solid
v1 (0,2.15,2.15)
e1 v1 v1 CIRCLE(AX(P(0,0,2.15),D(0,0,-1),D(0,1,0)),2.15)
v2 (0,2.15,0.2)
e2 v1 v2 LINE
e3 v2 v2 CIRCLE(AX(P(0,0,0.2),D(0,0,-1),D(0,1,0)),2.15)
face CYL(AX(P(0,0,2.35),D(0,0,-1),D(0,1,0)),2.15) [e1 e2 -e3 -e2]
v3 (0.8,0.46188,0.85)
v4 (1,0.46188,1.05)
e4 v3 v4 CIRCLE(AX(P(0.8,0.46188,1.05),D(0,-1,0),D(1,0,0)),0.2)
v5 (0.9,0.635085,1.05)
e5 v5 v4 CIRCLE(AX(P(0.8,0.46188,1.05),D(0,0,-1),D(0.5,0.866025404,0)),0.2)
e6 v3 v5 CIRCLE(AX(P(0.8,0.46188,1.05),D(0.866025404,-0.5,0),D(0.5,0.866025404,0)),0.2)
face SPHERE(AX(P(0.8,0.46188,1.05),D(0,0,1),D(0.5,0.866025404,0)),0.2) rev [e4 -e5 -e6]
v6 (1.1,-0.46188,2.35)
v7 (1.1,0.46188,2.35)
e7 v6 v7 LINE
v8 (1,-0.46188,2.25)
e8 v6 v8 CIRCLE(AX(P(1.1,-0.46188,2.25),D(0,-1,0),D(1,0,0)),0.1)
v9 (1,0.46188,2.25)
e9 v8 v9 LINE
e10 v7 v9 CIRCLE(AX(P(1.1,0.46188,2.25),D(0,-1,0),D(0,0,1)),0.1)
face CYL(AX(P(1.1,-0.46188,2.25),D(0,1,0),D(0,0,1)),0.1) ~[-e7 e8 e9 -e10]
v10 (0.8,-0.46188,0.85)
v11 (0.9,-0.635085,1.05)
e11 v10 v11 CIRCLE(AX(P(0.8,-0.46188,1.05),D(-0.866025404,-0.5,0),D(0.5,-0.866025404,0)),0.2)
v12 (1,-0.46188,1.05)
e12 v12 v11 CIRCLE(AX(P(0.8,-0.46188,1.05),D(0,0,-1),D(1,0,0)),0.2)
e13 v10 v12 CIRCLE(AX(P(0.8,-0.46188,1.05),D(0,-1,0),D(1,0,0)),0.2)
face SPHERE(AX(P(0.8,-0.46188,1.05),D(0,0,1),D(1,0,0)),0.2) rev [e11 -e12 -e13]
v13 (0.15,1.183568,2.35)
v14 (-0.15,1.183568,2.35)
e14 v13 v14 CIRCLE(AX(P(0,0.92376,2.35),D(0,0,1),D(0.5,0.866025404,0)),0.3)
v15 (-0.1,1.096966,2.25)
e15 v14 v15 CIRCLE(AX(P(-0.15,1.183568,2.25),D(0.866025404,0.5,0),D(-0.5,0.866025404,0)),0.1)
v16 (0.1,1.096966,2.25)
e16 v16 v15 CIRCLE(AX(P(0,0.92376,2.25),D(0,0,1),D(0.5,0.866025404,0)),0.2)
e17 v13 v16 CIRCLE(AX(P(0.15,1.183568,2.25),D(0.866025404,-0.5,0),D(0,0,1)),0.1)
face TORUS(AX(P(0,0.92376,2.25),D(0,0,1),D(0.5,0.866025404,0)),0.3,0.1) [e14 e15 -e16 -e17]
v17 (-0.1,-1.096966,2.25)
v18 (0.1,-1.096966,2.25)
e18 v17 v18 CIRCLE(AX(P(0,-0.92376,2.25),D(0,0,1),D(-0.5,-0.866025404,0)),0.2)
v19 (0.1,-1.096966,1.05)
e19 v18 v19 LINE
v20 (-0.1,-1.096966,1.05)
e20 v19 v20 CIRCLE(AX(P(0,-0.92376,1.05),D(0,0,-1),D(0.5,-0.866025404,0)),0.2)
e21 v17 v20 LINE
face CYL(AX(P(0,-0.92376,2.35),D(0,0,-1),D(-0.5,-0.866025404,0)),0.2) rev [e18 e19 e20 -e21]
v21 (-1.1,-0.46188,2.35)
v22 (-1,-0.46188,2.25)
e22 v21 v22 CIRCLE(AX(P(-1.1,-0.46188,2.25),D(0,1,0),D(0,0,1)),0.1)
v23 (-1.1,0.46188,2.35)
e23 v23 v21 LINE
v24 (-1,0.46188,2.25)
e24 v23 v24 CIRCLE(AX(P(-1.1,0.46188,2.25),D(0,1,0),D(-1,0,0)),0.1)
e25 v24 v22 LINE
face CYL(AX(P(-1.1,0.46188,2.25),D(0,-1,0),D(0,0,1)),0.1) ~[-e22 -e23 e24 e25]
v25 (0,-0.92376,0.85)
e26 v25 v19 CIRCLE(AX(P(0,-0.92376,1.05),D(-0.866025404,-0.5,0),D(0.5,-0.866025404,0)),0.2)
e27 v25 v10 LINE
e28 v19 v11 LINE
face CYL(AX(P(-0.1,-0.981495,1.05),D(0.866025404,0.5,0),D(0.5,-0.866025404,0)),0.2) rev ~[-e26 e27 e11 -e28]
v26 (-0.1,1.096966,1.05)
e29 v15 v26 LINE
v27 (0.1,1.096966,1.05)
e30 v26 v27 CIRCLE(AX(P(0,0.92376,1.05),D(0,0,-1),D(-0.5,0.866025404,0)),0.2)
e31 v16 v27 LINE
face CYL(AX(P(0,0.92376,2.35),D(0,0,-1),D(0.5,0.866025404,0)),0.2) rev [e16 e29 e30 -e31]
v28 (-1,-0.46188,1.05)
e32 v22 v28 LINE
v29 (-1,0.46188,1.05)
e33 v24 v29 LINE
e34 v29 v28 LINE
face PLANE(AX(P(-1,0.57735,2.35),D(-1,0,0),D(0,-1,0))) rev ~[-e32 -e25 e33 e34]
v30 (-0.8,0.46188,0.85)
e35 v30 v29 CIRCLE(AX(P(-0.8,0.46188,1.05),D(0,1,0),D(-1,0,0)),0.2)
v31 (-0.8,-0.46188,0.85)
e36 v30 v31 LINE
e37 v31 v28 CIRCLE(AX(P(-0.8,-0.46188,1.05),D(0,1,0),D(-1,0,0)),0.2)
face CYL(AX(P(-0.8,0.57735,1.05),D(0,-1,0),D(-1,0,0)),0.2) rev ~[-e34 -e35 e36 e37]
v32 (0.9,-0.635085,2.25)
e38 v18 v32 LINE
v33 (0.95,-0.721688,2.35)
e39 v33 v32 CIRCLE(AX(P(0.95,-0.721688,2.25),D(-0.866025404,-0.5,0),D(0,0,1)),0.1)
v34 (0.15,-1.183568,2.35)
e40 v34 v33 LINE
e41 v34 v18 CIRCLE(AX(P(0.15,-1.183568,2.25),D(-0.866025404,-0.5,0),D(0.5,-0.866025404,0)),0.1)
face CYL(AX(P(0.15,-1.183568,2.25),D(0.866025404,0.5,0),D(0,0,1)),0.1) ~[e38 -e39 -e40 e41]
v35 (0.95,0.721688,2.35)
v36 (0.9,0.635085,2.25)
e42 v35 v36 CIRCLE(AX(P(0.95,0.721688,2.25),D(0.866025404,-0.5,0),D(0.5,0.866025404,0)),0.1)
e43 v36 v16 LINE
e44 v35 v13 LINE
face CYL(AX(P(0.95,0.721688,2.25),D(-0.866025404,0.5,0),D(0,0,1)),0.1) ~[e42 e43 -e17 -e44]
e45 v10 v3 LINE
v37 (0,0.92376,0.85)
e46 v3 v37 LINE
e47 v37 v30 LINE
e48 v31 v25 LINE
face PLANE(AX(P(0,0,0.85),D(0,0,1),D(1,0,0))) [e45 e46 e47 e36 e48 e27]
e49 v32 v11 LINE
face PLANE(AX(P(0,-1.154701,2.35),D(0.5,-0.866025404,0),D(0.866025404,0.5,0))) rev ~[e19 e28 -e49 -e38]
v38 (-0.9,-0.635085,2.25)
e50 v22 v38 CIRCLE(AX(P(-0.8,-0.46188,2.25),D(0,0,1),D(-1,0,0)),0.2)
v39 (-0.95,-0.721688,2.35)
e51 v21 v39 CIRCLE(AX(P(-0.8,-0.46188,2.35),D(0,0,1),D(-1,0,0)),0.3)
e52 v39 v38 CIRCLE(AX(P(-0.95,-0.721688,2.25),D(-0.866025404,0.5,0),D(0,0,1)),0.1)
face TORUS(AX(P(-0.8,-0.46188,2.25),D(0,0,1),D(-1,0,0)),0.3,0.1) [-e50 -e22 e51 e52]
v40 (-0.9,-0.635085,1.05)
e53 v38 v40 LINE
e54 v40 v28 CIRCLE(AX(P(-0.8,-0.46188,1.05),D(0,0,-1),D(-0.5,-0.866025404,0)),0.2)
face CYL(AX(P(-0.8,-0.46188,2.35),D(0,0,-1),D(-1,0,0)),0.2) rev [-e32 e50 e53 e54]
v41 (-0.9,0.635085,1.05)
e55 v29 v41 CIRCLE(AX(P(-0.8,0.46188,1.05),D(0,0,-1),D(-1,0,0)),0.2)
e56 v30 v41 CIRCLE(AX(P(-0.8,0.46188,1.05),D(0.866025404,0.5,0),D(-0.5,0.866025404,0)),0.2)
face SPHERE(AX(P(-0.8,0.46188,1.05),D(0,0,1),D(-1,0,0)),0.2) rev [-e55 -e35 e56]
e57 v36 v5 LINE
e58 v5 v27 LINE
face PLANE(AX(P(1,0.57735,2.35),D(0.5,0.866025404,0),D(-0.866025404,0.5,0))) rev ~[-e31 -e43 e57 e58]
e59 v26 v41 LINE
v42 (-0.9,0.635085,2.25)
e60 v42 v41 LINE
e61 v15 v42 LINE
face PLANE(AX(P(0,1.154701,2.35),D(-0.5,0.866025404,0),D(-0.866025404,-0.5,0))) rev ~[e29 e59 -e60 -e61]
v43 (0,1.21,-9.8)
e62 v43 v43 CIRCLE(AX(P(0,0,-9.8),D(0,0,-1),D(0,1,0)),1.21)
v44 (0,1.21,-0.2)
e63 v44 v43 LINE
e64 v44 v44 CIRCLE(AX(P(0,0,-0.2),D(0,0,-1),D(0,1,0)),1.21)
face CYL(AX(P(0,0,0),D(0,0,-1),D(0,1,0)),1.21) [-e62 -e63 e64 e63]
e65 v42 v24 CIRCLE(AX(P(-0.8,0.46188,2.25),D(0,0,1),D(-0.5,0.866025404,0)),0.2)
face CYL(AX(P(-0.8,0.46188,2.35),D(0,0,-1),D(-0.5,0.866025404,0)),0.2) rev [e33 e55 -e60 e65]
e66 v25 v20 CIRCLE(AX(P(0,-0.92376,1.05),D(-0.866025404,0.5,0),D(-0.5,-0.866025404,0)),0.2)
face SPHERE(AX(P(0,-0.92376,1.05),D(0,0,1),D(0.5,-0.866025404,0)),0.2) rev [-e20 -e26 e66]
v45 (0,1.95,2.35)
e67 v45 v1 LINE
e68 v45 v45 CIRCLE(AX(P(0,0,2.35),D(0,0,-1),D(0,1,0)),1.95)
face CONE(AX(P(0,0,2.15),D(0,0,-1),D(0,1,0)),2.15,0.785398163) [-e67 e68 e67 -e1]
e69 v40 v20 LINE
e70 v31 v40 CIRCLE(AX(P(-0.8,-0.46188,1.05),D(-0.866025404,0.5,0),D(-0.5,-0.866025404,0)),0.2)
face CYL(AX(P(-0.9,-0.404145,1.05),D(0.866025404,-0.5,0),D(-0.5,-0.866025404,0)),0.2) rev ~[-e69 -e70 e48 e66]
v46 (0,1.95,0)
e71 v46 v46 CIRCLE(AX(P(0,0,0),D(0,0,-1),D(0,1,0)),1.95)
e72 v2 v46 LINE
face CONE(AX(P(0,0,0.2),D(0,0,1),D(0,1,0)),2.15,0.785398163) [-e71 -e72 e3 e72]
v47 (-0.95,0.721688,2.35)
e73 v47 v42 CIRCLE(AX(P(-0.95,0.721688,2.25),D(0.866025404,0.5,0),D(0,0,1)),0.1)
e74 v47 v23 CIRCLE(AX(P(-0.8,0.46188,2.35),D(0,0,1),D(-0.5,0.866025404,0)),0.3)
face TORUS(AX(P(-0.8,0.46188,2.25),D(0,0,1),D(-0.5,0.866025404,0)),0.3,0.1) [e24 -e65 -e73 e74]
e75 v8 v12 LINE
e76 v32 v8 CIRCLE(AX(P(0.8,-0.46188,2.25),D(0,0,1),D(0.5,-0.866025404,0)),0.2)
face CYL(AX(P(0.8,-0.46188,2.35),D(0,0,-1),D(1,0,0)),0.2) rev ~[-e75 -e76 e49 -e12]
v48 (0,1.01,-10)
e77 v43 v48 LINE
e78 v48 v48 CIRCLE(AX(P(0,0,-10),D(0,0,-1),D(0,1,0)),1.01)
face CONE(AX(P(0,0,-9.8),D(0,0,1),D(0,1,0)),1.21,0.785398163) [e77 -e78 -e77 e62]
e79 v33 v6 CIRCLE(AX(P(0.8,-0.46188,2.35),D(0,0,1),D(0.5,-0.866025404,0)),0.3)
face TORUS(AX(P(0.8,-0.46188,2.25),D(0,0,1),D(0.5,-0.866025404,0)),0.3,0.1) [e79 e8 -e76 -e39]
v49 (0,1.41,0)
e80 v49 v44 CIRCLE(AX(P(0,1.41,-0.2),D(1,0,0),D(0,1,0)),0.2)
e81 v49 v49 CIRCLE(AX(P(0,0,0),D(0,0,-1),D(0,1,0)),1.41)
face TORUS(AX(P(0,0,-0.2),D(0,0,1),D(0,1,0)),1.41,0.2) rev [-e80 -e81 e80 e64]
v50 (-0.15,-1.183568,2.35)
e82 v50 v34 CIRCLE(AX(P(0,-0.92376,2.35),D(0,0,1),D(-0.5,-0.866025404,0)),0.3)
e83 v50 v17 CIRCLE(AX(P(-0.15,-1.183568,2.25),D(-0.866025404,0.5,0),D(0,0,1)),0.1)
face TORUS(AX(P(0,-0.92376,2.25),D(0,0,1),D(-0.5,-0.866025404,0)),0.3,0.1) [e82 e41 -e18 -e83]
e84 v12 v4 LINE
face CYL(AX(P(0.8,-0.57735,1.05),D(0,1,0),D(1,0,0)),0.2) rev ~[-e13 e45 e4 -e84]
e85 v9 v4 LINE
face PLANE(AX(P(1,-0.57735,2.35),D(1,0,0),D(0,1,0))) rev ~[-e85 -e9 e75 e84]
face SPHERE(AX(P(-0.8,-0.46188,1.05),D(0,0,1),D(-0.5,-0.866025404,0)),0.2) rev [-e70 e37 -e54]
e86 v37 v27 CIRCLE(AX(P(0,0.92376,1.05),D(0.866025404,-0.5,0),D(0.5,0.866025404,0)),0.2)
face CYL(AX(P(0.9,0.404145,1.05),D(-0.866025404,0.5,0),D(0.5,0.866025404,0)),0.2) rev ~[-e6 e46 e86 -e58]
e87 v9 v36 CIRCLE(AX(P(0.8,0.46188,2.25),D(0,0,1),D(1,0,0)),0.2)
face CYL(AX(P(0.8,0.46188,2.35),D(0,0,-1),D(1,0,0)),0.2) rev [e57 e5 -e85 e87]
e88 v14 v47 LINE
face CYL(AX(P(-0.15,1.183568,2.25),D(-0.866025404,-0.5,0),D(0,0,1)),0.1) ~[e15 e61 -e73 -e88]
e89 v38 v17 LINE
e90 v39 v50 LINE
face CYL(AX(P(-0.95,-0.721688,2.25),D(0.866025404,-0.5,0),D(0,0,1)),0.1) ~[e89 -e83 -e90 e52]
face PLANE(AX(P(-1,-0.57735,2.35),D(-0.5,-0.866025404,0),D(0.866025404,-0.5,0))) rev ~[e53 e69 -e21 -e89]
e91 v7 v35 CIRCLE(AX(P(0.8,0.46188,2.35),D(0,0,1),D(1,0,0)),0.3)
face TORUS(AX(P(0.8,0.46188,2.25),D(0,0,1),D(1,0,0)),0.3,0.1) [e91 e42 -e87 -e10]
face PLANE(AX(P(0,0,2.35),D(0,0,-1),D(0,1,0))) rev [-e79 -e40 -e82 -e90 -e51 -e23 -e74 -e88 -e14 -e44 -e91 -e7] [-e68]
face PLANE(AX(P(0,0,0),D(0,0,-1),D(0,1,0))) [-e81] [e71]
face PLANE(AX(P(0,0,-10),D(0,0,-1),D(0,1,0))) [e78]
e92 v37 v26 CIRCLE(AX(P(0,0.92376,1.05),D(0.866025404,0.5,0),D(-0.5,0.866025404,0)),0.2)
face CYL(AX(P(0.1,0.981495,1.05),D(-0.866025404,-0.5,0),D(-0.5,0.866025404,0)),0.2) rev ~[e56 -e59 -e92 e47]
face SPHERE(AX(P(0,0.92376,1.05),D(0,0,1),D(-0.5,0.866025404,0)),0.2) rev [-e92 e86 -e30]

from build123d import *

# Parameters (mm, degrees)
SCHNITT_LINEAR_AUSTRAGEN1_DEPTH = 1.5
FASE1_SIZE                      = 0.2
VERRUNDUNG1_R                   = 0.2
VERRUNDUNG2_R                   = 0.1


with BuildPart() as part:
    # Skizze1 → Rotation1 (revolve)
    with BuildSketch(Plane(origin=(0, 0, 0), x_dir=(0, 0, -1), z_dir=(1, 0, 0))):
        Polygon((-2.35, 0), (-2.35, 2.15), (0, 2.15), (0, 1.21), (10, 1.21), (10, 0), align=None)
    revolve(axis=Axis((0, 0, 21.919879518), (0, 0, -1)))

    # Skizze2 → Schnitt-Linear austragen1 (cut)
    with BuildSketch(Plane.XY.offset(2.35)):
        Polygon((1, -0.577350269), (1, 0.577350269), (0, 1.154700538), (-1, 0.577350269), (-1, -0.577350269), (0, -1.154700538), align=None)
    extrude(amount=-SCHNITT_LINEAR_AUSTRAGEN1_DEPTH, mode=Mode.SUBTRACT)

    # Fase1
    fase1_edges = [part.edges().sort_by_distance(p)[0] for p in [
        (0, -1.21, -10),
        (0, -2.15, 0),
        (0, -2.15, 2.35),
    ]]
    chamfer(fase1_edges, length=FASE1_SIZE)

    # Verrundung1
    verrundung1_edges = [part.edges().sort_by_distance(p)[0] for p in [
        (0.5, -0.866025404, 0.85),
        (1, -0.577350269, 1.6),
        (-0.5, -0.866025404, 0.85),
        (0, -1.154700538, 1.6),
        (-1, 0, 0.85),
        (-1, -0.577350269, 1.6),
        (-0.5, 0.866025404, 0.85),
        (-1, 0.577350269, 1.6),
        (0.5, 0.866025404, 0.85),
        (0, 1.154700538, 1.6),
        (1, 0, 0.85),
        (1, 0.577350269, 1.6),
        (0, -1.21, 0),
    ]]
    fillet(verrundung1_edges, radius=VERRUNDUNG1_R)

    # Verrundung2
    verrundung2_edges = [part.edges().sort_by_distance(p)[0] for p in [
        (-0.5, -0.866025404, 2.35),
        (-1, 0, 2.35),
        (-0.5, 0.866025404, 2.35),
        (0.5, 0.866025404, 2.35),
        (1, 0, 2.35),
        (0.5, -0.866025404, 2.35),
        (-0.973205081, -0.561880215, 2.35),
        (0, -1.123760431, 2.35),
        (0.973205081, -0.561880215, 2.35),
        (0.973205081, 0.561880215, 2.35),
        (0, 1.123760431, 2.35),
        (-0.973205081, 0.561880215, 2.35),
    ]]
    fillet(verrundung2_edges, radius=VERRUNDUNG2_R)


solid = part.part
